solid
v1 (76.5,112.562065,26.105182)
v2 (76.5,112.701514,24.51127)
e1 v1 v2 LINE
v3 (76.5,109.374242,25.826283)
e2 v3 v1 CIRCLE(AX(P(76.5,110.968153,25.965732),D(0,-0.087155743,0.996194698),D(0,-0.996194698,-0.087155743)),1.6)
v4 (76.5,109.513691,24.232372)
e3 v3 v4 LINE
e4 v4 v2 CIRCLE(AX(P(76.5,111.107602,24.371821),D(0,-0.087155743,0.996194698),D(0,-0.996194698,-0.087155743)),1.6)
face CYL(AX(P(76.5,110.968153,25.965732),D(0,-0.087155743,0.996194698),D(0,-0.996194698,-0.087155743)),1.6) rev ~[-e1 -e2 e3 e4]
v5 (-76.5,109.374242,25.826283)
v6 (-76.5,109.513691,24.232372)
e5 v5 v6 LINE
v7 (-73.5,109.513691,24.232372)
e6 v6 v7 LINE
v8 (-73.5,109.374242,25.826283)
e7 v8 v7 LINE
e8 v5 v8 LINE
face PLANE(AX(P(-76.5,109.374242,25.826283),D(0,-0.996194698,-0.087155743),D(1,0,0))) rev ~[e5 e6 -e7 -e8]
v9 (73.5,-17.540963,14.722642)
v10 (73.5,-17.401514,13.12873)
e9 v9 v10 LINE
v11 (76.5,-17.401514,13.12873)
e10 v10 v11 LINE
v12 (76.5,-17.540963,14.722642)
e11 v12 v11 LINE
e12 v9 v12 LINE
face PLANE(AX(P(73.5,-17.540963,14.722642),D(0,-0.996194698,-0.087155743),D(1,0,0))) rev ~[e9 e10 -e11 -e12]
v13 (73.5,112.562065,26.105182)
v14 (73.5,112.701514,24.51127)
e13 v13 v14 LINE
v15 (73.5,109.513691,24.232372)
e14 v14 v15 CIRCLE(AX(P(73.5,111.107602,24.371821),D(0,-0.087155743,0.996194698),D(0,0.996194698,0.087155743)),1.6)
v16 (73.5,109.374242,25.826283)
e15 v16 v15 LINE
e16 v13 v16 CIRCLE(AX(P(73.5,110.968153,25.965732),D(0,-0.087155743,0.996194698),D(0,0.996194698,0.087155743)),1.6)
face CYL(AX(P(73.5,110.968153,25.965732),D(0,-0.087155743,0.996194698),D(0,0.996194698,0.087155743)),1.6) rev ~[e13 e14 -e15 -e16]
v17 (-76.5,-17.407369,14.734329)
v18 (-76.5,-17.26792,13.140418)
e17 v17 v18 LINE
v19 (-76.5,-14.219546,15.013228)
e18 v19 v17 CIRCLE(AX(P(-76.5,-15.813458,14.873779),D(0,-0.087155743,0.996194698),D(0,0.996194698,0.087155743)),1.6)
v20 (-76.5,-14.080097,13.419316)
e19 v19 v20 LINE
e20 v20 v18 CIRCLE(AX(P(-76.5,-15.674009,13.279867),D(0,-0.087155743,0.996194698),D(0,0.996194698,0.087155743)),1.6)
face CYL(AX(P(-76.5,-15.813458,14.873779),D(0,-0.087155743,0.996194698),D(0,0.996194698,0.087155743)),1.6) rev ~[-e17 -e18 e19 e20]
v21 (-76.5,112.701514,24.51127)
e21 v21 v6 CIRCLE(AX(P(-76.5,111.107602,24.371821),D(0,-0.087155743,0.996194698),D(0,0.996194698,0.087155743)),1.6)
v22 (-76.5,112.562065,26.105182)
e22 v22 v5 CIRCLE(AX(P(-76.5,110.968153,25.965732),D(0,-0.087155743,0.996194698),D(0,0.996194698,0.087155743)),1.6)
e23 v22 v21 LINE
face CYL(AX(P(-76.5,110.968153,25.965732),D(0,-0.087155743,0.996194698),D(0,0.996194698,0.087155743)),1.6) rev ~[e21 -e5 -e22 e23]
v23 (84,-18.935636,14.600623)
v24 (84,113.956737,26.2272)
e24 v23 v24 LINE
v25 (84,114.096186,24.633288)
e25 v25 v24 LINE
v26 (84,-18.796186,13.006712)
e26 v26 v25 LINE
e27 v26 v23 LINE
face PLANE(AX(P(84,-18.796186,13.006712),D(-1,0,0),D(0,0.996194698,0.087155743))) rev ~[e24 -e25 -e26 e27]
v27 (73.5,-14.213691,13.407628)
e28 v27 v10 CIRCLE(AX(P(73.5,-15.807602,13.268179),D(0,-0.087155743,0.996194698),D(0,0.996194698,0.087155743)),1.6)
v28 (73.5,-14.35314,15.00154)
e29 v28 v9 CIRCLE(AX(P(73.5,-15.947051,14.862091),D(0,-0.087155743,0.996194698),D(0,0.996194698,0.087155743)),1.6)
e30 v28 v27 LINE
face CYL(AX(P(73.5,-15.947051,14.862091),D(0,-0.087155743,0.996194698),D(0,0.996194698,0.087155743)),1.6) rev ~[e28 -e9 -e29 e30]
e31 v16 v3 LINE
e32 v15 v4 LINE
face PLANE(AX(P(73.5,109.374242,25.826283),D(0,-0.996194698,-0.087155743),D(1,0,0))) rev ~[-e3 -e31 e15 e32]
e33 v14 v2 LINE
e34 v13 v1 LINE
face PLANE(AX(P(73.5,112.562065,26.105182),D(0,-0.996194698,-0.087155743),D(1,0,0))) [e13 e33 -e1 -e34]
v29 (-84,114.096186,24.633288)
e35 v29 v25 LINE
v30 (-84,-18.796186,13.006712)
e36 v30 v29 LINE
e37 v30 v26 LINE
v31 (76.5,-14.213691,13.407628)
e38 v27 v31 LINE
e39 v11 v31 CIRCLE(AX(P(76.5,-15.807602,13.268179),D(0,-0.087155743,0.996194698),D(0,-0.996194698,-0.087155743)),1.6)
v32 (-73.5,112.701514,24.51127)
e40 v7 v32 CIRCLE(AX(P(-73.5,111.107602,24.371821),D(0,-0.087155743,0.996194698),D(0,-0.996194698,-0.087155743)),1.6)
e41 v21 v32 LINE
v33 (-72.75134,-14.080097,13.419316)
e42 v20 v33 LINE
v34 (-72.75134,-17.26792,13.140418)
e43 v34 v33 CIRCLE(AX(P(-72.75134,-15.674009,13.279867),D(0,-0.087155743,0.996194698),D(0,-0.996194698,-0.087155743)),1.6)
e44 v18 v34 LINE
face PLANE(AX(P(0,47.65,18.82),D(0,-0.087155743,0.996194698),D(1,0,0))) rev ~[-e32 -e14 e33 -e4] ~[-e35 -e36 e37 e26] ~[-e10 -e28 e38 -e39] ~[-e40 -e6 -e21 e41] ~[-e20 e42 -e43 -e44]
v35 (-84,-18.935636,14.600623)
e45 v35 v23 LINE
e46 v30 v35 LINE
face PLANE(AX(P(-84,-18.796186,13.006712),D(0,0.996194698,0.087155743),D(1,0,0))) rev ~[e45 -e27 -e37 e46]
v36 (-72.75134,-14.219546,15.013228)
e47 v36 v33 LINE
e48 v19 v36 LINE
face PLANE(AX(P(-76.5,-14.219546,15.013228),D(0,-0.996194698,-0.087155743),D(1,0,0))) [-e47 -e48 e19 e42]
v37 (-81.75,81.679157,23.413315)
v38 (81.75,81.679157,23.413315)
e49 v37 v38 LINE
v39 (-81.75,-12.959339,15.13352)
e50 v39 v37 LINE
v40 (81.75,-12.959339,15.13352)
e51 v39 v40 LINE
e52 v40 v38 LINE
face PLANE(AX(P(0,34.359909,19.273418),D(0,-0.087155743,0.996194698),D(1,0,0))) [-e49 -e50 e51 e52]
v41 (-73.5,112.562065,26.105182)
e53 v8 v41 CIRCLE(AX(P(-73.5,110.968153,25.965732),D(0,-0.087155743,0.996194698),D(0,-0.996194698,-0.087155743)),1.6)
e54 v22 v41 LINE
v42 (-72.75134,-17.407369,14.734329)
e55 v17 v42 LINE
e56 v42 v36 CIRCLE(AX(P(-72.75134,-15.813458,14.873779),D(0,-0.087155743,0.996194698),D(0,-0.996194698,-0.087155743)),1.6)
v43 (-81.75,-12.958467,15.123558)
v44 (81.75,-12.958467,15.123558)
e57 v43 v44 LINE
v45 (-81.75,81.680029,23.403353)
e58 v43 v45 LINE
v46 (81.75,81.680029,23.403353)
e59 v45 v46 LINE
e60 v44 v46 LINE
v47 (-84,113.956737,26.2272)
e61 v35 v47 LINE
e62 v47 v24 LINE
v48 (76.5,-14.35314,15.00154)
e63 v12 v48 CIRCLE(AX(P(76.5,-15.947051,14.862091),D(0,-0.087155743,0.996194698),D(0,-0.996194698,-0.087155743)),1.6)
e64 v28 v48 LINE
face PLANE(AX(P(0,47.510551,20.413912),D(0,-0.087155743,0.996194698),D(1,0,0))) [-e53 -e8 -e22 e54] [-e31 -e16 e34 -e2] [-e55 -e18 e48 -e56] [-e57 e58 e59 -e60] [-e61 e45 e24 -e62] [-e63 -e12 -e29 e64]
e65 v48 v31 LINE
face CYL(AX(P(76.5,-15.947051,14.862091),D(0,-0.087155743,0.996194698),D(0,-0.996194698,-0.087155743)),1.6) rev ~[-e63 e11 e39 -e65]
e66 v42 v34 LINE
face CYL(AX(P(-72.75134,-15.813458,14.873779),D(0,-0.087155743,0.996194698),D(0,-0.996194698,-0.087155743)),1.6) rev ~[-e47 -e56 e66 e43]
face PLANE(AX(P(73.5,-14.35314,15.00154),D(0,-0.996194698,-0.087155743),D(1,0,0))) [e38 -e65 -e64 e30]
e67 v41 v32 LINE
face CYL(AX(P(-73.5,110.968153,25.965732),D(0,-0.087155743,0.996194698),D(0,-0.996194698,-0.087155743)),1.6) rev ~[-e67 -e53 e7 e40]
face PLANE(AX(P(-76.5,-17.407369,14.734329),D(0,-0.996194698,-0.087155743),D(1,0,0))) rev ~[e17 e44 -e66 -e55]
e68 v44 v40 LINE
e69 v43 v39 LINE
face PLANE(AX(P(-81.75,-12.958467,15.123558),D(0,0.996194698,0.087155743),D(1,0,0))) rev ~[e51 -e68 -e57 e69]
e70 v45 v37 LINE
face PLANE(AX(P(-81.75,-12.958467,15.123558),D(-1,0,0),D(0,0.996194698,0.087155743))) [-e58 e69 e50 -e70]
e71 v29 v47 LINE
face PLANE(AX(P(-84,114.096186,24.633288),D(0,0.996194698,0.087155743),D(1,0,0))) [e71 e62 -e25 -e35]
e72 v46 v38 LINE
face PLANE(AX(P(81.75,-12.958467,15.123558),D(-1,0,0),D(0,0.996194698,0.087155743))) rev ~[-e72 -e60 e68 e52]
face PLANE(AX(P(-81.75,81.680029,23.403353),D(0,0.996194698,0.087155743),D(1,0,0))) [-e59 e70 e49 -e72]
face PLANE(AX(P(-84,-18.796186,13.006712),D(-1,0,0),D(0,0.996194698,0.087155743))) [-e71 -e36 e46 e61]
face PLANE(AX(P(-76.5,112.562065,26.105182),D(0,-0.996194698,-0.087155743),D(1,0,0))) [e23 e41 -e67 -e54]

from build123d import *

# Parameters (mm, degrees)
SKETCH_W        = 168
SKETCH_H        = 133.4
PAD_DEPTH       = 1.6
SKETCH001_W     = 163.5
SKETCH001_H     = 95
PAD001_DEPTH    = 0.01
POCKET_DEPTH    = 1.601
POCKET001_DEPTH = 1.601
BODY_ROLL_ANGLE = 5


with BuildPart() as part:
    # Sketch → Pad (new body)
    with BuildSketch(Plane.XY):
        Rectangle(SKETCH_W, SKETCH_H)
    extrude(amount=PAD_DEPTH)

    # Sketch001 (on Face6 of Pad) → Pad001 (join)
    with BuildSketch(Plane.XY.offset(1.6)):
        with Locations((0, -13.2)):
            Rectangle(SKETCH001_W, SKETCH001_H)
    extrude(amount=PAD001_DEPTH)

    # Sketch002 (on Face5 of Pad001) → Pocket (cut, through all)
    with BuildSketch(Plane.XY.offset(1.6)):
        with BuildLine():
            ThreePointArc((-76.5, -61.965896), (-78.1, -63.565896), (-76.5, -65.165896))
            Line((-76.5, -65.165896), (-72.75134, -65.165896))
            ThreePointArc((-72.75134, -65.165896), (-71.15134, -63.565896), (-72.75134, -61.965896))
            Line((-76.5, -61.965896), (-72.75134, -61.965896))
        make_face()
    extrude(amount=-POCKET_DEPTH, mode=Mode.SUBTRACT)

    # Sketch003 (on Face5 of Pocket) → Pocket001 (cut, through all)
    with BuildSketch(Plane.XY.offset(1.6)):
        with BuildLine():
            ThreePointArc((73.5, -62.1), (71.9, -63.7), (73.5, -65.3))
            Line((73.5, -65.3), (76.5, -65.3))
            ThreePointArc((76.5, -65.3), (78.1, -63.7), (76.5, -62.1))
            Line((73.5, -62.1), (76.5, -62.1))
        make_face()
        with BuildLine():
            ThreePointArc((73.5, 65.3), (71.9, 63.7), (73.5, 62.1))
            Line((73.5, 62.1), (76.5, 62.1))
            ThreePointArc((76.5, 62.1), (78.1, 63.7), (76.5, 65.3))
            Line((73.5, 65.3), (76.5, 65.3))
        make_face()
        with BuildLine():
            ThreePointArc((-76.5, 65.3), (-78.1, 63.7), (-76.5, 62.1))
            Line((-76.5, 62.1), (-73.5, 62.1))
            ThreePointArc((-73.5, 62.1), (-71.9, 63.7), (-73.5, 65.3))
            Line((-76.5, 65.3), (-73.5, 65.3))
        make_face()
    extrude(amount=-POCKET001_DEPTH, mode=Mode.SUBTRACT)


with BuildPart() as part_1:
    # Body roll: moved
    add(part.part.rotate(Axis((0, 0, 0), (1, 0, 0)), BODY_ROLL_ANGLE))


with BuildPart() as part_2:
    # Body placement: moved
    add(part_1.part.moved(Location((0, 47.65, 18.82))))


solid = part_2.part
